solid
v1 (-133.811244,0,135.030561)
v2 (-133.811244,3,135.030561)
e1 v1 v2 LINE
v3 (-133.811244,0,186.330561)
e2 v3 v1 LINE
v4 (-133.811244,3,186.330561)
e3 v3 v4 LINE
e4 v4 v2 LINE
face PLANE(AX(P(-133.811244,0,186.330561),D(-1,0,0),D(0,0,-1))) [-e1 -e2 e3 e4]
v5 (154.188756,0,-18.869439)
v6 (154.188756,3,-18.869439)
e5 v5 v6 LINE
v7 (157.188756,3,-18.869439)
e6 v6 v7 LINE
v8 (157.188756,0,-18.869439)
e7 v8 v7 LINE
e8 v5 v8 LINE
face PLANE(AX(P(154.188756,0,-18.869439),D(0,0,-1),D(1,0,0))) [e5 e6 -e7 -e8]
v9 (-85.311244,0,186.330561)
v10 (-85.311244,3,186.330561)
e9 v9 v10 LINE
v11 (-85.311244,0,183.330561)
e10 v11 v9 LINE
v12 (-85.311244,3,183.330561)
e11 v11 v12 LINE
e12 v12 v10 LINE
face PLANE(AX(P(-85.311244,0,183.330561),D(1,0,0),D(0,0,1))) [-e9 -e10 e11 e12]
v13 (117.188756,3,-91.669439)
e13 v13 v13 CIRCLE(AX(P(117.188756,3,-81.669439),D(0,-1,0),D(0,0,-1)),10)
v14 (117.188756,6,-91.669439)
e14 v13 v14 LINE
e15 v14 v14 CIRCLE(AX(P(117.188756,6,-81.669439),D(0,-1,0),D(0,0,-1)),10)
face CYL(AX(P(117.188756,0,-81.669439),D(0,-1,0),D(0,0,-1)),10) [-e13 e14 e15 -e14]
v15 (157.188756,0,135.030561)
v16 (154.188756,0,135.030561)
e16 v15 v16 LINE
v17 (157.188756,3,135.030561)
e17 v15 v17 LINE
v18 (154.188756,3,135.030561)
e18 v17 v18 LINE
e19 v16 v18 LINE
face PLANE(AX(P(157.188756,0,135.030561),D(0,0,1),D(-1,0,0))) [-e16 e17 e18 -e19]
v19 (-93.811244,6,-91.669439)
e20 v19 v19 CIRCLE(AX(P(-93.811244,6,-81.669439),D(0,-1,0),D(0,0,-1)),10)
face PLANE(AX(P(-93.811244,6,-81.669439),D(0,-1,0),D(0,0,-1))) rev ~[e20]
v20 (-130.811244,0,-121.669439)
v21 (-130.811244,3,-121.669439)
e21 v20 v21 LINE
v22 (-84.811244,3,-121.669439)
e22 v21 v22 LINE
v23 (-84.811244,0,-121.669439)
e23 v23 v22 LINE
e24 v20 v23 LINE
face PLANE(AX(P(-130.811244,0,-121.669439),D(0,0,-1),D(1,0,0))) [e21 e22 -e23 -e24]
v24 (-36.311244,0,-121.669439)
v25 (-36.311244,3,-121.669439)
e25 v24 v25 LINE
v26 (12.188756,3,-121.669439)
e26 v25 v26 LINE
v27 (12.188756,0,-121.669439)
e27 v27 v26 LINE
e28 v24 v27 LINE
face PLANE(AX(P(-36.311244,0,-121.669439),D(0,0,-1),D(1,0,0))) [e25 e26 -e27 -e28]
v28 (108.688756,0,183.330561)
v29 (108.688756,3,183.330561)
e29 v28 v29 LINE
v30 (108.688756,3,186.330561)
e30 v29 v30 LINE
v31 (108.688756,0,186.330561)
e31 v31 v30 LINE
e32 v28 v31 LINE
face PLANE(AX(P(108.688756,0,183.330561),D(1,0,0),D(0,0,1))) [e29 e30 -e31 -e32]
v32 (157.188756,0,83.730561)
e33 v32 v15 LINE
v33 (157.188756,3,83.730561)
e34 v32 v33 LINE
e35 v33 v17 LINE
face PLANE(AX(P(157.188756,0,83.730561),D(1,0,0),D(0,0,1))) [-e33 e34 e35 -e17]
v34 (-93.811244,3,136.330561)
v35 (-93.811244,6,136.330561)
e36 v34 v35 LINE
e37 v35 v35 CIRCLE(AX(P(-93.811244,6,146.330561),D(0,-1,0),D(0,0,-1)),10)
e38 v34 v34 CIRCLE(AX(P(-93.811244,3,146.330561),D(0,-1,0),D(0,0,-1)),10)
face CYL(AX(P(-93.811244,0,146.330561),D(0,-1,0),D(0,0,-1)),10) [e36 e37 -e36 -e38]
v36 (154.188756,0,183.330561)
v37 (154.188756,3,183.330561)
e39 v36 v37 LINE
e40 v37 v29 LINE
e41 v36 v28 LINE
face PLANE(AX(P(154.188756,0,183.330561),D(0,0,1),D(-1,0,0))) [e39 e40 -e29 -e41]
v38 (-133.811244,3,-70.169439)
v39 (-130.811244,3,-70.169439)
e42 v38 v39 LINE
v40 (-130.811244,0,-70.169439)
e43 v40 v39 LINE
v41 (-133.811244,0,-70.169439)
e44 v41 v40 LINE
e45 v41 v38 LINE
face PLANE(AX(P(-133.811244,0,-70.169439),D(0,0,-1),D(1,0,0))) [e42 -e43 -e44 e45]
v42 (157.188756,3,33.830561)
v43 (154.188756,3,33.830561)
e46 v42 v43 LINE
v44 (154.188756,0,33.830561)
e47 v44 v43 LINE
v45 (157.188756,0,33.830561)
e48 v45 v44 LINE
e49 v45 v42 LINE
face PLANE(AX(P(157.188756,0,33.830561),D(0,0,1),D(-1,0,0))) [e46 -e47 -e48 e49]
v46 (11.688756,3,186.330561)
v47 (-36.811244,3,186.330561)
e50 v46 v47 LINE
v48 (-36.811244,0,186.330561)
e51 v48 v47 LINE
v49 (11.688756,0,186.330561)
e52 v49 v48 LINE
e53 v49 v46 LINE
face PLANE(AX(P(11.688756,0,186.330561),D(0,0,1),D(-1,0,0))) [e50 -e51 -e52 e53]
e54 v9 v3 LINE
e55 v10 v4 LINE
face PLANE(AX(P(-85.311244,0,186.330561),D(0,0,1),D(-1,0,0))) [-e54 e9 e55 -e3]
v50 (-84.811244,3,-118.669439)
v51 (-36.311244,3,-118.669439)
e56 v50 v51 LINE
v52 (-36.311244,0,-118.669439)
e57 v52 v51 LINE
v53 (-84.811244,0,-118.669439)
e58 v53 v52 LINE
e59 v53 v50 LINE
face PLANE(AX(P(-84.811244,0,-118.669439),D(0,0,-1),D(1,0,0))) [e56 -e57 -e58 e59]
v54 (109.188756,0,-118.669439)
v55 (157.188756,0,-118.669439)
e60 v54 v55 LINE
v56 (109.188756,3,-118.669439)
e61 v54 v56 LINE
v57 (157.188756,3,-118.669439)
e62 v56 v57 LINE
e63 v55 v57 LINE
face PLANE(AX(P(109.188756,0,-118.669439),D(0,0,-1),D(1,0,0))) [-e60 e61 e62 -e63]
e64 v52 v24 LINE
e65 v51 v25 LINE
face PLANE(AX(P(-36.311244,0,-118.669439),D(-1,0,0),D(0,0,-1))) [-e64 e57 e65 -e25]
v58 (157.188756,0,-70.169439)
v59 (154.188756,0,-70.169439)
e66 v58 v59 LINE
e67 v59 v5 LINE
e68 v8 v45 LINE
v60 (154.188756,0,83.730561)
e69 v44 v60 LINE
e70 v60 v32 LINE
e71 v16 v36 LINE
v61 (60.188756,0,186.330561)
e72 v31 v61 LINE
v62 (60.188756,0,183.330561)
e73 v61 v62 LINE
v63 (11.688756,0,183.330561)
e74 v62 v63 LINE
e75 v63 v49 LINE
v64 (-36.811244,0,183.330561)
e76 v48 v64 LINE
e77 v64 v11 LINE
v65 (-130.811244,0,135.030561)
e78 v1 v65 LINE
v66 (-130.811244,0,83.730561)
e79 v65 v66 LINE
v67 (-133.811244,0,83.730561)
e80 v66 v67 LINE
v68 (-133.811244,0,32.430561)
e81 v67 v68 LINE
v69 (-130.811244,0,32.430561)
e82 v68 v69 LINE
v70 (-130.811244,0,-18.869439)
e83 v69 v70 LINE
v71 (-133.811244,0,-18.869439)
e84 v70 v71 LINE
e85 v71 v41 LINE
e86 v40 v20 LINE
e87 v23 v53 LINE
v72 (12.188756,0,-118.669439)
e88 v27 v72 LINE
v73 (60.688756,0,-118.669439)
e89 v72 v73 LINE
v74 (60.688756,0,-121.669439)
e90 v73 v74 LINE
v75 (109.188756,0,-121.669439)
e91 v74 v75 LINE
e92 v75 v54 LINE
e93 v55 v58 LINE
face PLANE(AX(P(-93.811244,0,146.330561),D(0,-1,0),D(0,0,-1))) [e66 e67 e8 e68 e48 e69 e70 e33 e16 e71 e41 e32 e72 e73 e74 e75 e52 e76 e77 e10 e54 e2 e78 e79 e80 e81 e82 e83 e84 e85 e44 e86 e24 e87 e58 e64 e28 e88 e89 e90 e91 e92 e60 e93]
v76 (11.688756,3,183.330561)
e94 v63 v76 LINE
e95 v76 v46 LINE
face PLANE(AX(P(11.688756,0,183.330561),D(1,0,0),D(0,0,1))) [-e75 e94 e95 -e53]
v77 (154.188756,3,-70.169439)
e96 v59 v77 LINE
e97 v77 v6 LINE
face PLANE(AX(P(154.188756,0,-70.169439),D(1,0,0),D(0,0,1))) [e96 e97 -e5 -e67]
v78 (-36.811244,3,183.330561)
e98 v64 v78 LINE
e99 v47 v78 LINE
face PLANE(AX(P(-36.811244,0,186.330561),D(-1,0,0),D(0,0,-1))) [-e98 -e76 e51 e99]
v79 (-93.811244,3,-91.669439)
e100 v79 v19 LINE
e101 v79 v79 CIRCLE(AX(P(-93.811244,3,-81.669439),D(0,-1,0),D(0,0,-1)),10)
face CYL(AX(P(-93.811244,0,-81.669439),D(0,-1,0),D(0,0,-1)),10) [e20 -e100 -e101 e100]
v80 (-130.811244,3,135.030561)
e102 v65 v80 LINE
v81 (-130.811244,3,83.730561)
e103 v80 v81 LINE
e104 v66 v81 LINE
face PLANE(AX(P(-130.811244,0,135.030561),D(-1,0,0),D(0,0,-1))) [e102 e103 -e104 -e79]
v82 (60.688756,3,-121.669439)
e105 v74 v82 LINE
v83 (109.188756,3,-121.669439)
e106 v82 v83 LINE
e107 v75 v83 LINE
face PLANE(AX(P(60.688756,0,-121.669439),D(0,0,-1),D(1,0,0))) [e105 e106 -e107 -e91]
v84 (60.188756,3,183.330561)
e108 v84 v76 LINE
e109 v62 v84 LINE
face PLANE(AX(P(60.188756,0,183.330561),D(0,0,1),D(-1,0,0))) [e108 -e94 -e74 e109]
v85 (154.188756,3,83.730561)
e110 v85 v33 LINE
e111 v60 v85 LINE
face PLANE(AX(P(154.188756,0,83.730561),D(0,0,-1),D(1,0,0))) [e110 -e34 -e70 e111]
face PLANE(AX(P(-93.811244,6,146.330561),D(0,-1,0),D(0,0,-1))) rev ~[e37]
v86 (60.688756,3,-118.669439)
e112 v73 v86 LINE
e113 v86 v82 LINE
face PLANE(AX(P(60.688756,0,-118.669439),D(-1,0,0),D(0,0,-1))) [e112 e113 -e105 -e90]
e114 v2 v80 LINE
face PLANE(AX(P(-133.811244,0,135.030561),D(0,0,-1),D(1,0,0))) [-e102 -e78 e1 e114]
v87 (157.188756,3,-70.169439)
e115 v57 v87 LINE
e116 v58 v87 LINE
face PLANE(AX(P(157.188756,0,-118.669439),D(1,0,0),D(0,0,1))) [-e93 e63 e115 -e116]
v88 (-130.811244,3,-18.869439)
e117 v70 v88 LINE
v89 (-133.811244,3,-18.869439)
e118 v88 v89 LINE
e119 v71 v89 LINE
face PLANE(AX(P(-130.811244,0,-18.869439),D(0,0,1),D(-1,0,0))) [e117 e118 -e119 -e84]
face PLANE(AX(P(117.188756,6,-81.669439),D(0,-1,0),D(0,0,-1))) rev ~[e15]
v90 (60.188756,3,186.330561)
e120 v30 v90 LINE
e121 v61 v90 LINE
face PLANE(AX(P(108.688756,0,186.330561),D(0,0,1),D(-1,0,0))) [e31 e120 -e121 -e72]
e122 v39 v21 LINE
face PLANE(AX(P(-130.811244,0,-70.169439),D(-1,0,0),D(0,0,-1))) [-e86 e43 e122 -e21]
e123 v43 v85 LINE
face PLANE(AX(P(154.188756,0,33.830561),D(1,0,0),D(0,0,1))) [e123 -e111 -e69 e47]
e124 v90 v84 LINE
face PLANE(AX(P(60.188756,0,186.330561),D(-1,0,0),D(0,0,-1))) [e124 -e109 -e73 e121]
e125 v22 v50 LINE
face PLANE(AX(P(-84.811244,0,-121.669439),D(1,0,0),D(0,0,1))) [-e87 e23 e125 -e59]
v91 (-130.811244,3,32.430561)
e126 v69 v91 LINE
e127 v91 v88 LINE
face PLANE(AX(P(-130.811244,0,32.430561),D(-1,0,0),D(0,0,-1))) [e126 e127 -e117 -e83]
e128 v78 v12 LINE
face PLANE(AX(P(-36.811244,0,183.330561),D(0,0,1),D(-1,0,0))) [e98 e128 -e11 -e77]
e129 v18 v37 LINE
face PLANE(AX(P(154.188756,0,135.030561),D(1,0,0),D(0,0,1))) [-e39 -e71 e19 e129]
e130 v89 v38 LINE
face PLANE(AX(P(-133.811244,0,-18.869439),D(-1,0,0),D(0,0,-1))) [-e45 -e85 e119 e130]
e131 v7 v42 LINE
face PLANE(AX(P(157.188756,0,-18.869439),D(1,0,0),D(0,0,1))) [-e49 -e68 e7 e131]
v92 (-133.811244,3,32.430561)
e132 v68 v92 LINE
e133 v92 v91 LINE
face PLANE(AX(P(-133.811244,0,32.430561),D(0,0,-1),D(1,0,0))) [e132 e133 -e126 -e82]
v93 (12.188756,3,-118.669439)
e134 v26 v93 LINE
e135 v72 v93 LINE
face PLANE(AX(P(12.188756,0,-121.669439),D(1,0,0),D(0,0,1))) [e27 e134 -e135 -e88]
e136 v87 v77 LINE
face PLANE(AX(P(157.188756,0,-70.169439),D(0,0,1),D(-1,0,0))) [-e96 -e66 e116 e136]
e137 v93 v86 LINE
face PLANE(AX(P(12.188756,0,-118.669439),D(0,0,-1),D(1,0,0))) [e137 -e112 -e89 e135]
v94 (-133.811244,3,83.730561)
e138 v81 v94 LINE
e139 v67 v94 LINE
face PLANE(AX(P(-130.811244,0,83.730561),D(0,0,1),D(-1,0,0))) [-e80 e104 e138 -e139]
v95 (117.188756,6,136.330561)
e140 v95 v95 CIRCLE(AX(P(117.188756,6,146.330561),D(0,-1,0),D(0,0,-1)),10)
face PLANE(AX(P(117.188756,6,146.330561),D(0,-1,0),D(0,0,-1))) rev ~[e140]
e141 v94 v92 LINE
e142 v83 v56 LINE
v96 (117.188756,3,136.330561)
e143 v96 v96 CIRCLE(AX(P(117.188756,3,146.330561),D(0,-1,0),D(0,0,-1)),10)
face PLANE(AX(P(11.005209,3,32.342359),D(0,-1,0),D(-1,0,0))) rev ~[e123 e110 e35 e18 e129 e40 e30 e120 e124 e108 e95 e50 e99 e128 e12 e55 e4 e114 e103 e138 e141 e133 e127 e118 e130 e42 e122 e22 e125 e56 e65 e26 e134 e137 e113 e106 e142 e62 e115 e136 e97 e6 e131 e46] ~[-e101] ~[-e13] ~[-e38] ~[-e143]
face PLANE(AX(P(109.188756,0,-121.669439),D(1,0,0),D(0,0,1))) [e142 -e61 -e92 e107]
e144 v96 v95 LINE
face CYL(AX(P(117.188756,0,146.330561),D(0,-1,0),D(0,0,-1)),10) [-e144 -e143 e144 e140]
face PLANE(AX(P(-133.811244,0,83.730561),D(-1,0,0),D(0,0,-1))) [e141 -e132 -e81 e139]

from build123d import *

# Parameters (mm, degrees)
EXTRUDE_1_DEPTH = 3
SKETCH_2_R      = 10
EXTRUDE_3_DEPTH = 6


with BuildPart() as part:
    # Эскиз1 → Бобышка-Вытянуть1 (new body)
    with BuildSketch(Plane(origin=(0, 0, 0), x_dir=(1, 0, 0), z_dir=(0, 1, 0))):
        Polygon((-130.811243507, 121.669438521), (-84.811243507, 121.669438521), (-84.811243507, 118.669438521), (-36.311243507, 118.669438521), (-36.311243507, 121.669438521), (12.188756493, 121.669438521), (12.188756493, 118.669438521), (60.688756493, 118.669438521), (60.688756493, 121.669438521), (109.188756493, 121.669438521), (109.188756493, 118.669438521), (157.188756493, 118.669438521), (157.188756493, 70.169438521), (154.188756493, 70.169438521), (154.188756493, 18.869438521), (157.188756493, 18.869438521), (157.188756493, -33.830561479), (154.188756493, -33.830561479), (154.188756493, -83.730561479), (157.188756493, -83.730561479), (157.188756493, -135.030561479), (154.188756493, -135.030561479), (154.188756493, -183.330561479), (108.688756493, -183.330561479), (108.688756493, -186.330561479), (60.188756493, -186.330561479), (60.188756493, -183.330561479), (11.688756493, -183.330561479), (11.688756493, -186.330561479), (-36.811243507, -186.330561479), (-36.811243507, -183.330561479), (-85.311243507, -183.330561479), (-85.311243507, -186.330561479), (-133.811243507, -186.330561479), (-133.811243507, -135.030561479), (-130.811243507, -135.030561479), (-130.811243507, -83.730561479), (-133.811243507, -83.730561479), (-133.811243507, -32.430561479), (-130.811243507, -32.430561479), (-130.811243507, 18.869438521), (-133.811243507, 18.869438521), (-133.811243507, 70.169438521), (-130.811243507, 70.169438521), align=None)
    extrude(amount=EXTRUDE_1_DEPTH)

    # Эскиз2 → Бобышка-Вытянуть3 (add)
    with BuildSketch(Plane.XZ):
        with Locations(Location((-93.811243507, 146.330561479, 0), (0, 0, 270))):
            Circle(SKETCH_2_R)
        with Locations(Location((117.188756493, 146.330561479, 0), (0, 0, 270))):
            Circle(SKETCH_2_R)
        with Locations(Location((117.188756493, -81.669438521, 0), (0, 0, 270))):
            Circle(SKETCH_2_R)
        with Locations(Location((-93.811243507, -81.669438521, 0), (0, 0, 270))):
            Circle(SKETCH_2_R)
    extrude(amount=-EXTRUDE_3_DEPTH)


solid = part.part
